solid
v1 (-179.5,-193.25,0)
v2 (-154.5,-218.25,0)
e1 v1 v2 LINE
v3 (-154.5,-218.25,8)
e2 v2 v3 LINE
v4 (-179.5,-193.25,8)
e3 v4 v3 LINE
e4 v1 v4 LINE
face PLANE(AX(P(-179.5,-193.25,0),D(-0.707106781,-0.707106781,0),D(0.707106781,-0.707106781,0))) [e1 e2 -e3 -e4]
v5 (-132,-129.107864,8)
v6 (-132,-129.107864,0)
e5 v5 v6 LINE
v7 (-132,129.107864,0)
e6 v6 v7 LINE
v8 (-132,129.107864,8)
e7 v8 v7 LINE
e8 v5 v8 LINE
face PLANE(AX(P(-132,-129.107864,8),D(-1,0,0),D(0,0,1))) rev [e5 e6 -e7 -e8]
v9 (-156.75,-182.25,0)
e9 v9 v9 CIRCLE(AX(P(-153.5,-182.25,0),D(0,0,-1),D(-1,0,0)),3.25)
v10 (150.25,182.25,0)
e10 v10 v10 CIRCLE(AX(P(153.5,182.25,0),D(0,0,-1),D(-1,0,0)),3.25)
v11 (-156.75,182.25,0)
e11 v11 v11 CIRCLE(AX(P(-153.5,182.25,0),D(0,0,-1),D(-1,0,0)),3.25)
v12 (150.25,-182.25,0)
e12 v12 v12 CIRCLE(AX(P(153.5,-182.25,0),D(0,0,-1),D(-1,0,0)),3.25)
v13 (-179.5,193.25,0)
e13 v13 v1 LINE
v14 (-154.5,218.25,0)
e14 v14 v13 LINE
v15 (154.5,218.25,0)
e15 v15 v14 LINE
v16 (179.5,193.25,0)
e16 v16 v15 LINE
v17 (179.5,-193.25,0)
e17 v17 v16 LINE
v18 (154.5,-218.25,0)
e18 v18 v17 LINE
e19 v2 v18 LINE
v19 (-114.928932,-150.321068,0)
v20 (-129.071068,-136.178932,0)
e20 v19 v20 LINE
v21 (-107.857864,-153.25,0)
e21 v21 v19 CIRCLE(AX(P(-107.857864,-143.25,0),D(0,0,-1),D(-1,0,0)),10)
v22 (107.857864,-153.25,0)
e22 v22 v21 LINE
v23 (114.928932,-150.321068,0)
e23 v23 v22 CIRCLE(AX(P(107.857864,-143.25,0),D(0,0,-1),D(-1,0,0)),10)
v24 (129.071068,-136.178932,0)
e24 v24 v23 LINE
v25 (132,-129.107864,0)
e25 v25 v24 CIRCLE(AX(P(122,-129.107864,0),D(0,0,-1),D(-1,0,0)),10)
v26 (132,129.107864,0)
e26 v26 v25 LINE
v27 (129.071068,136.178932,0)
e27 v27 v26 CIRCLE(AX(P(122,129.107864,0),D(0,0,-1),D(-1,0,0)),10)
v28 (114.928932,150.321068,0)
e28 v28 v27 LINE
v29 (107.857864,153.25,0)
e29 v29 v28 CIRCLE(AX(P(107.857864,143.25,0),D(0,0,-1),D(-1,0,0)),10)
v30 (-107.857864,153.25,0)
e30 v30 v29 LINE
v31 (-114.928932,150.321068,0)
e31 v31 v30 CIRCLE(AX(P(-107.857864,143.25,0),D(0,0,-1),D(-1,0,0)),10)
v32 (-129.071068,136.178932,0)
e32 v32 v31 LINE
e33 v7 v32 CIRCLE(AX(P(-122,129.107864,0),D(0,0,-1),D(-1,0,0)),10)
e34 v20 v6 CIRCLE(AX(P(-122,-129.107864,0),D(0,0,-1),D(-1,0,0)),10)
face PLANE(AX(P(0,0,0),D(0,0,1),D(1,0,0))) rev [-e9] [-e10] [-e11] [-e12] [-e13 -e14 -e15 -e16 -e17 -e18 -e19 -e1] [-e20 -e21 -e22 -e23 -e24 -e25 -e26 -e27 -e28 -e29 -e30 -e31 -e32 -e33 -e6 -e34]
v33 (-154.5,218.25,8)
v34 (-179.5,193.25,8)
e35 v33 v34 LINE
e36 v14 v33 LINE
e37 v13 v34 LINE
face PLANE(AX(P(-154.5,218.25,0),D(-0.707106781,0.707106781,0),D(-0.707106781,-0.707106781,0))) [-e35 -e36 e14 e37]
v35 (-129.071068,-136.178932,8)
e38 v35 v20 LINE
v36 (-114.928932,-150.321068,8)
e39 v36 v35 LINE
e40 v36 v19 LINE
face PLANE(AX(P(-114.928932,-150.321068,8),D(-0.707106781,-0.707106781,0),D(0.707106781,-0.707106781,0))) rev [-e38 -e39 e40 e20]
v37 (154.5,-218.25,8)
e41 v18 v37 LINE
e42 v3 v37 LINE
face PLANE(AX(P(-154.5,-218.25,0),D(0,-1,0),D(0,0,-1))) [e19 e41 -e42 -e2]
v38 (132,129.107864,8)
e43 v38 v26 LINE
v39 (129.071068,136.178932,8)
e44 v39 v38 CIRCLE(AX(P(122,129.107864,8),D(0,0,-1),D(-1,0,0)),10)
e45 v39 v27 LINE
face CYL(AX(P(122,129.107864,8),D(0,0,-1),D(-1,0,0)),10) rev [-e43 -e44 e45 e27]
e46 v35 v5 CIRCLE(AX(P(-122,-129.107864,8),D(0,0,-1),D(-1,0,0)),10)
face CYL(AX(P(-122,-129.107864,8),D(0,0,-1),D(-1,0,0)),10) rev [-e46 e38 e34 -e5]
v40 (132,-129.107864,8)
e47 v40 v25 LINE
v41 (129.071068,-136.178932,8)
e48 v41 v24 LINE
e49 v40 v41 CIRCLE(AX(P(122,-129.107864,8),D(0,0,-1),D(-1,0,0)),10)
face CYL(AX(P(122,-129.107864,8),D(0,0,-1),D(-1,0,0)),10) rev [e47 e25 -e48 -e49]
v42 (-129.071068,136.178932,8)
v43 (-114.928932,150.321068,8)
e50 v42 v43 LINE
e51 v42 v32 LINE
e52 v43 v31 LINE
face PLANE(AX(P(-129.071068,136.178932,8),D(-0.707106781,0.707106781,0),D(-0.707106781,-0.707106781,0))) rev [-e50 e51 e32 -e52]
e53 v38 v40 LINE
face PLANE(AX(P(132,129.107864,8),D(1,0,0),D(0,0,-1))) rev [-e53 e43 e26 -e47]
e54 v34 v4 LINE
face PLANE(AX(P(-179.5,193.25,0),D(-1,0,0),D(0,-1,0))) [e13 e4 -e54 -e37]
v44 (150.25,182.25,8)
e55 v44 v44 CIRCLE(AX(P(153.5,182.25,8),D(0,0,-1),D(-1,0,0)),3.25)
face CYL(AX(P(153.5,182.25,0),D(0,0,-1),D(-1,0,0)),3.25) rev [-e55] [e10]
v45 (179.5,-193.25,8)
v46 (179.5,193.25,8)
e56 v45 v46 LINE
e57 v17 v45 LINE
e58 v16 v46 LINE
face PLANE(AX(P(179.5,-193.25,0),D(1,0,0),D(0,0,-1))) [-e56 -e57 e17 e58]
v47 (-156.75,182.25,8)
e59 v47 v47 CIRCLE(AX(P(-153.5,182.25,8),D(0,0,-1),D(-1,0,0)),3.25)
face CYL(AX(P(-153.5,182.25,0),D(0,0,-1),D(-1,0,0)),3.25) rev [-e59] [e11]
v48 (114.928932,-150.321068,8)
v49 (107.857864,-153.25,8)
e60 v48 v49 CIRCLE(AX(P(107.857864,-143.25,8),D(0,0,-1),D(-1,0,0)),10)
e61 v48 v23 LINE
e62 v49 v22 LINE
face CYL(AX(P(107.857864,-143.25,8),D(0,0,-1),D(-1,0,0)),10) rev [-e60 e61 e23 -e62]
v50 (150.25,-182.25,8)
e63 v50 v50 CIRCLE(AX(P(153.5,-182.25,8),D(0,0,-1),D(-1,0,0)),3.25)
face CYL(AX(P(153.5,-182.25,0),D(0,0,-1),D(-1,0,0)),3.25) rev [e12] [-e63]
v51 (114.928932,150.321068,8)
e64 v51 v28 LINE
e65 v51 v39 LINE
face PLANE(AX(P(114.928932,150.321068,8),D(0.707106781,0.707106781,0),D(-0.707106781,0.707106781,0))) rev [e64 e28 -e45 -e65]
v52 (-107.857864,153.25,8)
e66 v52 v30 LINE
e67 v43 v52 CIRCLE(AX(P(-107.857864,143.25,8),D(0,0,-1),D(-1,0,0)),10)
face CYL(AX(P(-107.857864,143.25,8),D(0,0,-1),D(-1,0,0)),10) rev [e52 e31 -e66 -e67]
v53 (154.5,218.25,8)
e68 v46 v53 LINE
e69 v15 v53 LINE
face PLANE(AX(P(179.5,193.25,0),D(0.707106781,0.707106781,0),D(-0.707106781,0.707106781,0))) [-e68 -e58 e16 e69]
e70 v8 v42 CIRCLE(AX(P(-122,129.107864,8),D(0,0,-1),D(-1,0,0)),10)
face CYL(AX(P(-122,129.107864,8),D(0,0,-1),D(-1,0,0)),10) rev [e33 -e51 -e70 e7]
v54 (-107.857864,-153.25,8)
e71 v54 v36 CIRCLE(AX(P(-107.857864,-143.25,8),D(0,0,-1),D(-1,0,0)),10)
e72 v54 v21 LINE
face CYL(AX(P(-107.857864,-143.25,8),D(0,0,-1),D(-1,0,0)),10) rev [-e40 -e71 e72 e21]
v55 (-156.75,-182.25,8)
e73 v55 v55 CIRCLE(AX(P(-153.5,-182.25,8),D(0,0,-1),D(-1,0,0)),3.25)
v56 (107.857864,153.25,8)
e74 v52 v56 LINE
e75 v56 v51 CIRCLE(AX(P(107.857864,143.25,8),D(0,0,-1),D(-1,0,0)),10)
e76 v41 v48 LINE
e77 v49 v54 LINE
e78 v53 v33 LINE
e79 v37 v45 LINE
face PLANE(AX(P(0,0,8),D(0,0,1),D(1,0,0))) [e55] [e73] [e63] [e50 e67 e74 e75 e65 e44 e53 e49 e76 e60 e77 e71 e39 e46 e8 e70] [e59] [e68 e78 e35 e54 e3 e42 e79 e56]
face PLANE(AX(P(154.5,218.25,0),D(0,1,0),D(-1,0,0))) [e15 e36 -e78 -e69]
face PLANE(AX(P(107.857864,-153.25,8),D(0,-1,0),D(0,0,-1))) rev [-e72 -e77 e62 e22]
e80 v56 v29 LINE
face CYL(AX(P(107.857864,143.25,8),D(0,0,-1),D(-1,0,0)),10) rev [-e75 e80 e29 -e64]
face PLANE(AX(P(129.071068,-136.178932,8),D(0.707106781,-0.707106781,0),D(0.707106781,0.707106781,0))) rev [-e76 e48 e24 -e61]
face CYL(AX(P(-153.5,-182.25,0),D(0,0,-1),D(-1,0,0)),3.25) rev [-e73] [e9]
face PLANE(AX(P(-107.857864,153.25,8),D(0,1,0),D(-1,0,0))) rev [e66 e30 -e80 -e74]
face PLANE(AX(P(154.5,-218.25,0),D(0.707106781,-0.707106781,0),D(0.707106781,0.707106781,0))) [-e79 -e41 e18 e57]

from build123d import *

# Parameters (mm, degrees)
BOSS_EXTRUDE1_DEPTH        = 8
CUT_EXTRUDE1_DEPTH         = 283.696502476
F_6_5_6_5_DIAMETER_HOLE2_D = 6.5


with BuildPart() as part:
    # Sketch1 → Boss-Extrude1 (new body)
    with BuildSketch(Plane.XY.offset(8)):
        Polygon((-154.499999959, -218.249999957), (154.500000044, -218.249999957), (179.500000086, -193.249999916), (179.500000086, 193.249999916), (154.500000044, 218.249999957), (-154.499999959, 218.249999957), (-179.5, 193.249999916), (-179.5, -193.249999916), align=None)
    extrude(amount=-BOSS_EXTRUDE1_DEPTH)

    # Sketch2 → Cut-Extrude1 (cut, through all)
    with BuildSketch(Plane(origin=(0, 0, 0), x_dir=(-1, 0, 0), z_dir=(0, 0, -1))):
        with BuildLine():
            Line((-107.857864329, -153.249999987), (107.857864423, -153.249999987))
            ThreePointArc((107.857864423, -153.249999987), (111.684698748, -152.488795312), (114.928932237, -150.321067798))
            Line((114.928932237, -150.321067798), (129.071067861, -136.178932174))
            ThreePointArc((129.071067861, -136.178932174), (131.23879537, -132.934698692), (132.000000044, -129.107864376))
            Line((132.000000044, -129.107864376), (132.000000044, 129.107864376))
            ThreePointArc((132.000000044, 129.107864376), (131.23879537, 132.934698692), (129.071067861, 136.178932174))
            Line((129.071067861, 136.178932174), (114.928932237, 150.321067798))
            ThreePointArc((114.928932237, 150.321067798), (111.684698748, 152.488795312), (107.857864423, 153.249999987))
            Line((107.857864423, 153.249999987), (-107.857864329, 153.249999987))
            ThreePointArc((-107.857864329, 153.249999987), (-111.684698653, 152.488795312), (-114.928932143, 150.321067798))
            Line((-114.928932143, 150.321067798), (-129.071067767, 136.178932174))
            ThreePointArc((-129.071067767, 136.178932174), (-131.238795276, 132.934698692), (-131.999999949, 129.107864376))
            Line((-131.999999949, 129.107864376), (-131.999999949, -129.107864376))
            ThreePointArc((-131.999999949, -129.107864376), (-131.238795276, -132.934698692), (-129.071067767, -136.178932174))
            Line((-129.071067767, -136.178932174), (-114.928932143, -150.321067798))
            ThreePointArc((-114.928932143, -150.321067798), (-111.684698653, -152.488795312), (-107.857864329, -153.249999987))
        make_face()
    extrude(amount=-CUT_EXTRUDE1_DEPTH, mode=Mode.SUBTRACT)

    # Ø6.5 (6.5) Diameter Hole2 (through all)
    with Locations(Plane(origin=(0, 0, 0), x_dir=(-1, 0, 0), z_dir=(0, 0, -1))):
        with Locations((-153.5, -182.25), (153.5, -182.25), (-153.5, 182.25), (153.5, 182.25)):
            Hole(F_6_5_6_5_DIAMETER_HOLE2_D / 2)


solid = part.part
